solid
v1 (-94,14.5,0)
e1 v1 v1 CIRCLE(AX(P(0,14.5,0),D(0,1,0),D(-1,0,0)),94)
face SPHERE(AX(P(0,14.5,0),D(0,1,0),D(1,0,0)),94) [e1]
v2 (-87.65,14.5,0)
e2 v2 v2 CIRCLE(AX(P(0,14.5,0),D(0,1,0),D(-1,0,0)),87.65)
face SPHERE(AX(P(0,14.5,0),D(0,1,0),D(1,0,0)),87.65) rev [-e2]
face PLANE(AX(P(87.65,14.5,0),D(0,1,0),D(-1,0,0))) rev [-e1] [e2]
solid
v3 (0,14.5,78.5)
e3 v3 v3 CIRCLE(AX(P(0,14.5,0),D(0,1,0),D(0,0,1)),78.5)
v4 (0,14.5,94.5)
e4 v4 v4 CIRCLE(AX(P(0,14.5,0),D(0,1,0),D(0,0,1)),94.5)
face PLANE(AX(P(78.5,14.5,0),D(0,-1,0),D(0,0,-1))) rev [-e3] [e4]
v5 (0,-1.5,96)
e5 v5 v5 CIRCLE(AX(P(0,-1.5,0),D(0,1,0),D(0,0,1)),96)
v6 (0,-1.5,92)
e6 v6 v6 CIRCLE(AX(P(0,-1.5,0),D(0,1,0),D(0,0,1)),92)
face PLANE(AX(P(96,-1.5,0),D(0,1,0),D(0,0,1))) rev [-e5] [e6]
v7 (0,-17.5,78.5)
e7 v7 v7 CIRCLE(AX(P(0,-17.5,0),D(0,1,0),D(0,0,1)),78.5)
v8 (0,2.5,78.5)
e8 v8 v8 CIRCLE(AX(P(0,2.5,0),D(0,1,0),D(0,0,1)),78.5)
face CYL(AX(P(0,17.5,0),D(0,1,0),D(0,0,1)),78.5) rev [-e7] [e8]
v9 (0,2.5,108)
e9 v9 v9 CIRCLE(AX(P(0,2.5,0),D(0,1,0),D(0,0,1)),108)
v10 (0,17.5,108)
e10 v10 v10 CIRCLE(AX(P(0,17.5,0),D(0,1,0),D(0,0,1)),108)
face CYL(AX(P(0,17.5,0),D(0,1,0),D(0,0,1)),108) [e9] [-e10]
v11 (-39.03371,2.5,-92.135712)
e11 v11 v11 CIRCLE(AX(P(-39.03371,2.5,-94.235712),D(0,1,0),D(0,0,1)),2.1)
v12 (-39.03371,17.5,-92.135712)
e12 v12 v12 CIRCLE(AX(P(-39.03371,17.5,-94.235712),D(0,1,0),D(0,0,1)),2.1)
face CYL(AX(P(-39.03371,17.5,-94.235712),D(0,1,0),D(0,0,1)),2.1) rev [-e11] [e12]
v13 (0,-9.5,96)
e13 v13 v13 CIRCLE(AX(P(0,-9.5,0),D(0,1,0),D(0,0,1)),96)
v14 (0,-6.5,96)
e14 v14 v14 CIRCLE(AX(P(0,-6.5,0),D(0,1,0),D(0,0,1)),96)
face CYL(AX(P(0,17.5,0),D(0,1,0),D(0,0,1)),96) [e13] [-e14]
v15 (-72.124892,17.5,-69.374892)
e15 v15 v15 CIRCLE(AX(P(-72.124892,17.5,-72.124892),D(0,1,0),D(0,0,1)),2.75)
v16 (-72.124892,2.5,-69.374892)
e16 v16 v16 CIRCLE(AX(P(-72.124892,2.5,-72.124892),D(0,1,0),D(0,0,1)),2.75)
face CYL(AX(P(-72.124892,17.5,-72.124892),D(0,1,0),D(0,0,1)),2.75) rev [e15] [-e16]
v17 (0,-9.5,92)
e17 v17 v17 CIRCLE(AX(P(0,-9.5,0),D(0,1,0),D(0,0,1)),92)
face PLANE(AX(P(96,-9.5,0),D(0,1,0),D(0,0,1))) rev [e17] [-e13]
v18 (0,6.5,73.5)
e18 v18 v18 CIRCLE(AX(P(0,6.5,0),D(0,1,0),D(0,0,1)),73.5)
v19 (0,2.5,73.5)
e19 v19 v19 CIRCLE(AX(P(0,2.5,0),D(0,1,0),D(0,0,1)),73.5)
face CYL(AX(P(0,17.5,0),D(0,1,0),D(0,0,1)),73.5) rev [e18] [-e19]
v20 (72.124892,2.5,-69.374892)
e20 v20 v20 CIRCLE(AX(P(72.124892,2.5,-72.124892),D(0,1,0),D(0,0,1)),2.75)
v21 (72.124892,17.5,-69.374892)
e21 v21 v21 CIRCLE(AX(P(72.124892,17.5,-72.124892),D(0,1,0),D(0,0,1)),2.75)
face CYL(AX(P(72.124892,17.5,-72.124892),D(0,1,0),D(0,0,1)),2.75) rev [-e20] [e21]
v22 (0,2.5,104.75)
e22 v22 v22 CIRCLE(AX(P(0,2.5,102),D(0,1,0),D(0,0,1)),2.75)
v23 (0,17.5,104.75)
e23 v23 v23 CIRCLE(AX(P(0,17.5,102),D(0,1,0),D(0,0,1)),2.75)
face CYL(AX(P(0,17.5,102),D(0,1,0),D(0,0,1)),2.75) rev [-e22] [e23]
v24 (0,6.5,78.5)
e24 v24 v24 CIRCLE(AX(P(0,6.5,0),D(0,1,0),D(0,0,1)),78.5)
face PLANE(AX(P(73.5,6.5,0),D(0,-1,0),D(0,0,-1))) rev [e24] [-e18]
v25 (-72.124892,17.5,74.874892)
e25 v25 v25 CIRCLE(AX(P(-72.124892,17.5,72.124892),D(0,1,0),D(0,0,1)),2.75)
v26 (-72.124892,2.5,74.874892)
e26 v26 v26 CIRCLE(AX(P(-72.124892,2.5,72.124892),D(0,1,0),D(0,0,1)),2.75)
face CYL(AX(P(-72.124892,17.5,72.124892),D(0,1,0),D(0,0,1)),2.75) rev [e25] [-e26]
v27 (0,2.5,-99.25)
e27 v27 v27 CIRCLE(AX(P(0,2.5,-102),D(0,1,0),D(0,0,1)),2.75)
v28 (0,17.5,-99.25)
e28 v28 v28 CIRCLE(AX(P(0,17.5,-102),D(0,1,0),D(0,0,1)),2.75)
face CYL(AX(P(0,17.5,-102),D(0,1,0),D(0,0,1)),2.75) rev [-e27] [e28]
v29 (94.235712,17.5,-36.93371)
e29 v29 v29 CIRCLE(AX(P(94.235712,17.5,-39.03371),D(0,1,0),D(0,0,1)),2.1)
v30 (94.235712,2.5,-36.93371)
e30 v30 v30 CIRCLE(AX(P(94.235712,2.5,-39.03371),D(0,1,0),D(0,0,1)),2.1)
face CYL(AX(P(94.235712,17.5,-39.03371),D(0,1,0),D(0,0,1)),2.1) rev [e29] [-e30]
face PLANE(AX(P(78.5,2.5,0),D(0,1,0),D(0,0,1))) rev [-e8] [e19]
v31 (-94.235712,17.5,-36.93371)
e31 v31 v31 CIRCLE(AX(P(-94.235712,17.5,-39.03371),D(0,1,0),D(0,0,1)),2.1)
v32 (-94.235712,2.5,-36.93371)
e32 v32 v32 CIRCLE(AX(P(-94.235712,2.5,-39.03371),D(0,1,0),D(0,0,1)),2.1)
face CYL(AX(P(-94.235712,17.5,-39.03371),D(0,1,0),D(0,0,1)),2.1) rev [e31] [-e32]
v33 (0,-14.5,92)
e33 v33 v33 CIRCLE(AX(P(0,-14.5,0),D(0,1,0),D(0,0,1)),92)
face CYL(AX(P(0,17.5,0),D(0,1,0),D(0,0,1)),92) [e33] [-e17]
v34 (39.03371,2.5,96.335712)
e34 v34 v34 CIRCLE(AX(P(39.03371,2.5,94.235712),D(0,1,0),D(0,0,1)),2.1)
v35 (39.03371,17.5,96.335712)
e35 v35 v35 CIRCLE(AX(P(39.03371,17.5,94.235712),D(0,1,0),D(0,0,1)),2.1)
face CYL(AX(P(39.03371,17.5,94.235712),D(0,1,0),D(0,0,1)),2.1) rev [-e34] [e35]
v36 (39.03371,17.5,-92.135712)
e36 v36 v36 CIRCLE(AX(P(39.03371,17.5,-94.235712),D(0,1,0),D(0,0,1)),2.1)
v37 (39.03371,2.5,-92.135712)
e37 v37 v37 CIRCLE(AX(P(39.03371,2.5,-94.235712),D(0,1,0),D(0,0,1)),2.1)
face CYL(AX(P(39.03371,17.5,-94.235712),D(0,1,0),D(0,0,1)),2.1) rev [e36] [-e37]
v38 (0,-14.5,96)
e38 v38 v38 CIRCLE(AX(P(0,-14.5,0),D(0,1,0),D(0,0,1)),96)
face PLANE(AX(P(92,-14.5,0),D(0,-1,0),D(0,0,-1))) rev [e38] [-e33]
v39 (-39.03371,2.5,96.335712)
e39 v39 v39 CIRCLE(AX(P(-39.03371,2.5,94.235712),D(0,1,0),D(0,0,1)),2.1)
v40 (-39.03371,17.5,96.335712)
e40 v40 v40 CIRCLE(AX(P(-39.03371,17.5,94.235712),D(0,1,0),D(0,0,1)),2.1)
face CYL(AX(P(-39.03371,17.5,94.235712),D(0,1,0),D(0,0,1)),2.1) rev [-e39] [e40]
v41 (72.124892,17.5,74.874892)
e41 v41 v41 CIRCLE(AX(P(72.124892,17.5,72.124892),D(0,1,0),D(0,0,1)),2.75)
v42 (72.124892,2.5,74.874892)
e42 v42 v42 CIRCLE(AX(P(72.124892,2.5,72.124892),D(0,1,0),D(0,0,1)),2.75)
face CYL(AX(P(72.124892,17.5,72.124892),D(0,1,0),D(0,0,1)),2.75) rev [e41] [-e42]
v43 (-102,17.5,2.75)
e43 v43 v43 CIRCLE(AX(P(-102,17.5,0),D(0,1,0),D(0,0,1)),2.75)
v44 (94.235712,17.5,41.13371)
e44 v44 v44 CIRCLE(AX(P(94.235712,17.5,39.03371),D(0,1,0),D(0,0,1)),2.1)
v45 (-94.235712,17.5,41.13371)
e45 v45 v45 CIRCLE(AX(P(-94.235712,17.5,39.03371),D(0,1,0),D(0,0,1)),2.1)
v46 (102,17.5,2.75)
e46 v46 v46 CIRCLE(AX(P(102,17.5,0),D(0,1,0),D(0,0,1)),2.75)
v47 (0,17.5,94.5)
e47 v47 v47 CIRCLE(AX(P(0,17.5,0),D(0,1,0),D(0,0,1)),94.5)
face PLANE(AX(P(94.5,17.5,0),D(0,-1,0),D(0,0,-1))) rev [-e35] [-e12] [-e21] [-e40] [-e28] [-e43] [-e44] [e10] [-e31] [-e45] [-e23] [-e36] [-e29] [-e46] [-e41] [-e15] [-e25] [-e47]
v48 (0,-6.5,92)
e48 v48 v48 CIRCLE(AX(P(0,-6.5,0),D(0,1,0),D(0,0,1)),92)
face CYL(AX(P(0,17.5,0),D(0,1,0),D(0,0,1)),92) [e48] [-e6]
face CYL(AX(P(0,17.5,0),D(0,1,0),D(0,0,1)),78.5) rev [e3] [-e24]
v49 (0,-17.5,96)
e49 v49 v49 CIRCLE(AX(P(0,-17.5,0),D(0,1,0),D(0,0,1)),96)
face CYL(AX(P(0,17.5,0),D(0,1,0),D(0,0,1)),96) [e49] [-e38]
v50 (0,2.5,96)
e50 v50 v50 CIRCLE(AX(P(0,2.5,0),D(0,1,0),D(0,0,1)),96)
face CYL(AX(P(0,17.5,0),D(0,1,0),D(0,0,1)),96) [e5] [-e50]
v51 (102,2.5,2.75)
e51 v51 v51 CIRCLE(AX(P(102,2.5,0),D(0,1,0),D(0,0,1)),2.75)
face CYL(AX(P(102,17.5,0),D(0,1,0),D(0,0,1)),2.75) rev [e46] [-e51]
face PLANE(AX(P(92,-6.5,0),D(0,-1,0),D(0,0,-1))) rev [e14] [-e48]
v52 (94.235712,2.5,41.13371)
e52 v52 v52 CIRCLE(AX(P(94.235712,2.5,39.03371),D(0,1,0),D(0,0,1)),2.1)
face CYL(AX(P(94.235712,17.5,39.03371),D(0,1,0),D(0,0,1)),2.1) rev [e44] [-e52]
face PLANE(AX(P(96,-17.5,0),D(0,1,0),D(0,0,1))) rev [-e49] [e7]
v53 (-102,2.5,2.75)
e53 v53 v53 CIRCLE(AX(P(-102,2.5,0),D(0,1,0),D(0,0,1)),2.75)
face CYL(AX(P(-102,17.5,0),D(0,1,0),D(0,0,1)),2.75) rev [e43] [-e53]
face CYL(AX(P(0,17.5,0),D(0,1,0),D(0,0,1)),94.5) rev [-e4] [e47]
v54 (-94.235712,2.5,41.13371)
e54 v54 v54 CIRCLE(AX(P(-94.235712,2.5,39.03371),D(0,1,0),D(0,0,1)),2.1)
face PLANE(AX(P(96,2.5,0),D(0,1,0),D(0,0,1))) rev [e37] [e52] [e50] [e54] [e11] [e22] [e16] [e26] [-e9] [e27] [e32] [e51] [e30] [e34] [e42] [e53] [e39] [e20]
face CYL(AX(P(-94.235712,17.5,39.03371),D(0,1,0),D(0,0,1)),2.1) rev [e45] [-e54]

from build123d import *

# Parameters (mm, degrees)
F_5_5_5_5_DIAMETER_HOLE1_D = 5.5
M5X0_8_TAPPED_HOLE1_D      = 4.2


with BuildPart() as part:
    # Sketch1 → Revolve1 (revolve)
    with BuildSketch(Plane.XY, mode=Mode.PRIVATE) as revolve1_sk:
        Polygon((78.5, -17.5), (78.5, 2.5), (73.5, 2.5), (73.5, 6.5), (78.5, 6.5), (78.5, 14.5), (94.5, 14.5), (94.5, 17.5), (108, 17.5), (108, 2.5), (96, 2.5), (96, -1.5), (92, -1.5), (92, -6.5), (96, -6.5), (96, -9.5), (92, -9.5), (92, -14.5), (96, -14.5), (96, -17.5), align=None)
    revolve(revolve1_sk.sketch.rotate(Axis((0, 17.5, 0), (0, -1, 0)), 90), axis=Axis((0, 17.5, 0), (0, -1, 0)))

    # Ø5.5 (5.5) Diameter Hole1 (through all)
    with Locations(Plane(origin=(0, 17.5, 0), x_dir=(1, 0, 0), z_dir=(0, 1, 0))):
        with Locations((102, 0), (72.124891681, -72.124891681), (0, -102), (-72.124891681, -72.124891681), (-102, 0), (-72.124891681, 72.124891681), (0, 102), (72.124891681, 72.124891681)):
            Hole(F_5_5_5_5_DIAMETER_HOLE1_D / 2)

    # M5x0.8 Tapped Hole1 (through all)
    with Locations(Plane(origin=(0, 17.5, 0), x_dir=(1, 0, 0), z_dir=(0, 1, 0))):
        with Locations((94.235712316, 39.033710101), (94.235712316, -39.033710101), (39.033710101, -94.235712316), (-39.033710101, -94.235712316), (-94.235712316, -39.033710101), (-94.235712316, 39.033710101), (-39.033710101, 94.235712316), (39.033710101, 94.235712316)):
            Hole(M5X0_8_TAPPED_HOLE1_D / 2)


with BuildPart() as body_2:
    # Sketch6 → Revolve2 (revolve)
    with BuildSketch(Plane.XY):
        with BuildLine():
            Line((87.65, 14.5), (94, 14.5))
            ThreePointArc((94, 14.5), (66.468037432, 80.968037432), (0, 108.5))
            Line((0, 108.5), (0, 102.15))
            ThreePointArc((0, 102.15), (61.977909371, 76.477909371), (87.65, 14.5))
        make_face()
    revolve(axis=Axis((0, 108.5, 0), (0, -1, 0)))


solid = Compound([part.part, body_2.part])
